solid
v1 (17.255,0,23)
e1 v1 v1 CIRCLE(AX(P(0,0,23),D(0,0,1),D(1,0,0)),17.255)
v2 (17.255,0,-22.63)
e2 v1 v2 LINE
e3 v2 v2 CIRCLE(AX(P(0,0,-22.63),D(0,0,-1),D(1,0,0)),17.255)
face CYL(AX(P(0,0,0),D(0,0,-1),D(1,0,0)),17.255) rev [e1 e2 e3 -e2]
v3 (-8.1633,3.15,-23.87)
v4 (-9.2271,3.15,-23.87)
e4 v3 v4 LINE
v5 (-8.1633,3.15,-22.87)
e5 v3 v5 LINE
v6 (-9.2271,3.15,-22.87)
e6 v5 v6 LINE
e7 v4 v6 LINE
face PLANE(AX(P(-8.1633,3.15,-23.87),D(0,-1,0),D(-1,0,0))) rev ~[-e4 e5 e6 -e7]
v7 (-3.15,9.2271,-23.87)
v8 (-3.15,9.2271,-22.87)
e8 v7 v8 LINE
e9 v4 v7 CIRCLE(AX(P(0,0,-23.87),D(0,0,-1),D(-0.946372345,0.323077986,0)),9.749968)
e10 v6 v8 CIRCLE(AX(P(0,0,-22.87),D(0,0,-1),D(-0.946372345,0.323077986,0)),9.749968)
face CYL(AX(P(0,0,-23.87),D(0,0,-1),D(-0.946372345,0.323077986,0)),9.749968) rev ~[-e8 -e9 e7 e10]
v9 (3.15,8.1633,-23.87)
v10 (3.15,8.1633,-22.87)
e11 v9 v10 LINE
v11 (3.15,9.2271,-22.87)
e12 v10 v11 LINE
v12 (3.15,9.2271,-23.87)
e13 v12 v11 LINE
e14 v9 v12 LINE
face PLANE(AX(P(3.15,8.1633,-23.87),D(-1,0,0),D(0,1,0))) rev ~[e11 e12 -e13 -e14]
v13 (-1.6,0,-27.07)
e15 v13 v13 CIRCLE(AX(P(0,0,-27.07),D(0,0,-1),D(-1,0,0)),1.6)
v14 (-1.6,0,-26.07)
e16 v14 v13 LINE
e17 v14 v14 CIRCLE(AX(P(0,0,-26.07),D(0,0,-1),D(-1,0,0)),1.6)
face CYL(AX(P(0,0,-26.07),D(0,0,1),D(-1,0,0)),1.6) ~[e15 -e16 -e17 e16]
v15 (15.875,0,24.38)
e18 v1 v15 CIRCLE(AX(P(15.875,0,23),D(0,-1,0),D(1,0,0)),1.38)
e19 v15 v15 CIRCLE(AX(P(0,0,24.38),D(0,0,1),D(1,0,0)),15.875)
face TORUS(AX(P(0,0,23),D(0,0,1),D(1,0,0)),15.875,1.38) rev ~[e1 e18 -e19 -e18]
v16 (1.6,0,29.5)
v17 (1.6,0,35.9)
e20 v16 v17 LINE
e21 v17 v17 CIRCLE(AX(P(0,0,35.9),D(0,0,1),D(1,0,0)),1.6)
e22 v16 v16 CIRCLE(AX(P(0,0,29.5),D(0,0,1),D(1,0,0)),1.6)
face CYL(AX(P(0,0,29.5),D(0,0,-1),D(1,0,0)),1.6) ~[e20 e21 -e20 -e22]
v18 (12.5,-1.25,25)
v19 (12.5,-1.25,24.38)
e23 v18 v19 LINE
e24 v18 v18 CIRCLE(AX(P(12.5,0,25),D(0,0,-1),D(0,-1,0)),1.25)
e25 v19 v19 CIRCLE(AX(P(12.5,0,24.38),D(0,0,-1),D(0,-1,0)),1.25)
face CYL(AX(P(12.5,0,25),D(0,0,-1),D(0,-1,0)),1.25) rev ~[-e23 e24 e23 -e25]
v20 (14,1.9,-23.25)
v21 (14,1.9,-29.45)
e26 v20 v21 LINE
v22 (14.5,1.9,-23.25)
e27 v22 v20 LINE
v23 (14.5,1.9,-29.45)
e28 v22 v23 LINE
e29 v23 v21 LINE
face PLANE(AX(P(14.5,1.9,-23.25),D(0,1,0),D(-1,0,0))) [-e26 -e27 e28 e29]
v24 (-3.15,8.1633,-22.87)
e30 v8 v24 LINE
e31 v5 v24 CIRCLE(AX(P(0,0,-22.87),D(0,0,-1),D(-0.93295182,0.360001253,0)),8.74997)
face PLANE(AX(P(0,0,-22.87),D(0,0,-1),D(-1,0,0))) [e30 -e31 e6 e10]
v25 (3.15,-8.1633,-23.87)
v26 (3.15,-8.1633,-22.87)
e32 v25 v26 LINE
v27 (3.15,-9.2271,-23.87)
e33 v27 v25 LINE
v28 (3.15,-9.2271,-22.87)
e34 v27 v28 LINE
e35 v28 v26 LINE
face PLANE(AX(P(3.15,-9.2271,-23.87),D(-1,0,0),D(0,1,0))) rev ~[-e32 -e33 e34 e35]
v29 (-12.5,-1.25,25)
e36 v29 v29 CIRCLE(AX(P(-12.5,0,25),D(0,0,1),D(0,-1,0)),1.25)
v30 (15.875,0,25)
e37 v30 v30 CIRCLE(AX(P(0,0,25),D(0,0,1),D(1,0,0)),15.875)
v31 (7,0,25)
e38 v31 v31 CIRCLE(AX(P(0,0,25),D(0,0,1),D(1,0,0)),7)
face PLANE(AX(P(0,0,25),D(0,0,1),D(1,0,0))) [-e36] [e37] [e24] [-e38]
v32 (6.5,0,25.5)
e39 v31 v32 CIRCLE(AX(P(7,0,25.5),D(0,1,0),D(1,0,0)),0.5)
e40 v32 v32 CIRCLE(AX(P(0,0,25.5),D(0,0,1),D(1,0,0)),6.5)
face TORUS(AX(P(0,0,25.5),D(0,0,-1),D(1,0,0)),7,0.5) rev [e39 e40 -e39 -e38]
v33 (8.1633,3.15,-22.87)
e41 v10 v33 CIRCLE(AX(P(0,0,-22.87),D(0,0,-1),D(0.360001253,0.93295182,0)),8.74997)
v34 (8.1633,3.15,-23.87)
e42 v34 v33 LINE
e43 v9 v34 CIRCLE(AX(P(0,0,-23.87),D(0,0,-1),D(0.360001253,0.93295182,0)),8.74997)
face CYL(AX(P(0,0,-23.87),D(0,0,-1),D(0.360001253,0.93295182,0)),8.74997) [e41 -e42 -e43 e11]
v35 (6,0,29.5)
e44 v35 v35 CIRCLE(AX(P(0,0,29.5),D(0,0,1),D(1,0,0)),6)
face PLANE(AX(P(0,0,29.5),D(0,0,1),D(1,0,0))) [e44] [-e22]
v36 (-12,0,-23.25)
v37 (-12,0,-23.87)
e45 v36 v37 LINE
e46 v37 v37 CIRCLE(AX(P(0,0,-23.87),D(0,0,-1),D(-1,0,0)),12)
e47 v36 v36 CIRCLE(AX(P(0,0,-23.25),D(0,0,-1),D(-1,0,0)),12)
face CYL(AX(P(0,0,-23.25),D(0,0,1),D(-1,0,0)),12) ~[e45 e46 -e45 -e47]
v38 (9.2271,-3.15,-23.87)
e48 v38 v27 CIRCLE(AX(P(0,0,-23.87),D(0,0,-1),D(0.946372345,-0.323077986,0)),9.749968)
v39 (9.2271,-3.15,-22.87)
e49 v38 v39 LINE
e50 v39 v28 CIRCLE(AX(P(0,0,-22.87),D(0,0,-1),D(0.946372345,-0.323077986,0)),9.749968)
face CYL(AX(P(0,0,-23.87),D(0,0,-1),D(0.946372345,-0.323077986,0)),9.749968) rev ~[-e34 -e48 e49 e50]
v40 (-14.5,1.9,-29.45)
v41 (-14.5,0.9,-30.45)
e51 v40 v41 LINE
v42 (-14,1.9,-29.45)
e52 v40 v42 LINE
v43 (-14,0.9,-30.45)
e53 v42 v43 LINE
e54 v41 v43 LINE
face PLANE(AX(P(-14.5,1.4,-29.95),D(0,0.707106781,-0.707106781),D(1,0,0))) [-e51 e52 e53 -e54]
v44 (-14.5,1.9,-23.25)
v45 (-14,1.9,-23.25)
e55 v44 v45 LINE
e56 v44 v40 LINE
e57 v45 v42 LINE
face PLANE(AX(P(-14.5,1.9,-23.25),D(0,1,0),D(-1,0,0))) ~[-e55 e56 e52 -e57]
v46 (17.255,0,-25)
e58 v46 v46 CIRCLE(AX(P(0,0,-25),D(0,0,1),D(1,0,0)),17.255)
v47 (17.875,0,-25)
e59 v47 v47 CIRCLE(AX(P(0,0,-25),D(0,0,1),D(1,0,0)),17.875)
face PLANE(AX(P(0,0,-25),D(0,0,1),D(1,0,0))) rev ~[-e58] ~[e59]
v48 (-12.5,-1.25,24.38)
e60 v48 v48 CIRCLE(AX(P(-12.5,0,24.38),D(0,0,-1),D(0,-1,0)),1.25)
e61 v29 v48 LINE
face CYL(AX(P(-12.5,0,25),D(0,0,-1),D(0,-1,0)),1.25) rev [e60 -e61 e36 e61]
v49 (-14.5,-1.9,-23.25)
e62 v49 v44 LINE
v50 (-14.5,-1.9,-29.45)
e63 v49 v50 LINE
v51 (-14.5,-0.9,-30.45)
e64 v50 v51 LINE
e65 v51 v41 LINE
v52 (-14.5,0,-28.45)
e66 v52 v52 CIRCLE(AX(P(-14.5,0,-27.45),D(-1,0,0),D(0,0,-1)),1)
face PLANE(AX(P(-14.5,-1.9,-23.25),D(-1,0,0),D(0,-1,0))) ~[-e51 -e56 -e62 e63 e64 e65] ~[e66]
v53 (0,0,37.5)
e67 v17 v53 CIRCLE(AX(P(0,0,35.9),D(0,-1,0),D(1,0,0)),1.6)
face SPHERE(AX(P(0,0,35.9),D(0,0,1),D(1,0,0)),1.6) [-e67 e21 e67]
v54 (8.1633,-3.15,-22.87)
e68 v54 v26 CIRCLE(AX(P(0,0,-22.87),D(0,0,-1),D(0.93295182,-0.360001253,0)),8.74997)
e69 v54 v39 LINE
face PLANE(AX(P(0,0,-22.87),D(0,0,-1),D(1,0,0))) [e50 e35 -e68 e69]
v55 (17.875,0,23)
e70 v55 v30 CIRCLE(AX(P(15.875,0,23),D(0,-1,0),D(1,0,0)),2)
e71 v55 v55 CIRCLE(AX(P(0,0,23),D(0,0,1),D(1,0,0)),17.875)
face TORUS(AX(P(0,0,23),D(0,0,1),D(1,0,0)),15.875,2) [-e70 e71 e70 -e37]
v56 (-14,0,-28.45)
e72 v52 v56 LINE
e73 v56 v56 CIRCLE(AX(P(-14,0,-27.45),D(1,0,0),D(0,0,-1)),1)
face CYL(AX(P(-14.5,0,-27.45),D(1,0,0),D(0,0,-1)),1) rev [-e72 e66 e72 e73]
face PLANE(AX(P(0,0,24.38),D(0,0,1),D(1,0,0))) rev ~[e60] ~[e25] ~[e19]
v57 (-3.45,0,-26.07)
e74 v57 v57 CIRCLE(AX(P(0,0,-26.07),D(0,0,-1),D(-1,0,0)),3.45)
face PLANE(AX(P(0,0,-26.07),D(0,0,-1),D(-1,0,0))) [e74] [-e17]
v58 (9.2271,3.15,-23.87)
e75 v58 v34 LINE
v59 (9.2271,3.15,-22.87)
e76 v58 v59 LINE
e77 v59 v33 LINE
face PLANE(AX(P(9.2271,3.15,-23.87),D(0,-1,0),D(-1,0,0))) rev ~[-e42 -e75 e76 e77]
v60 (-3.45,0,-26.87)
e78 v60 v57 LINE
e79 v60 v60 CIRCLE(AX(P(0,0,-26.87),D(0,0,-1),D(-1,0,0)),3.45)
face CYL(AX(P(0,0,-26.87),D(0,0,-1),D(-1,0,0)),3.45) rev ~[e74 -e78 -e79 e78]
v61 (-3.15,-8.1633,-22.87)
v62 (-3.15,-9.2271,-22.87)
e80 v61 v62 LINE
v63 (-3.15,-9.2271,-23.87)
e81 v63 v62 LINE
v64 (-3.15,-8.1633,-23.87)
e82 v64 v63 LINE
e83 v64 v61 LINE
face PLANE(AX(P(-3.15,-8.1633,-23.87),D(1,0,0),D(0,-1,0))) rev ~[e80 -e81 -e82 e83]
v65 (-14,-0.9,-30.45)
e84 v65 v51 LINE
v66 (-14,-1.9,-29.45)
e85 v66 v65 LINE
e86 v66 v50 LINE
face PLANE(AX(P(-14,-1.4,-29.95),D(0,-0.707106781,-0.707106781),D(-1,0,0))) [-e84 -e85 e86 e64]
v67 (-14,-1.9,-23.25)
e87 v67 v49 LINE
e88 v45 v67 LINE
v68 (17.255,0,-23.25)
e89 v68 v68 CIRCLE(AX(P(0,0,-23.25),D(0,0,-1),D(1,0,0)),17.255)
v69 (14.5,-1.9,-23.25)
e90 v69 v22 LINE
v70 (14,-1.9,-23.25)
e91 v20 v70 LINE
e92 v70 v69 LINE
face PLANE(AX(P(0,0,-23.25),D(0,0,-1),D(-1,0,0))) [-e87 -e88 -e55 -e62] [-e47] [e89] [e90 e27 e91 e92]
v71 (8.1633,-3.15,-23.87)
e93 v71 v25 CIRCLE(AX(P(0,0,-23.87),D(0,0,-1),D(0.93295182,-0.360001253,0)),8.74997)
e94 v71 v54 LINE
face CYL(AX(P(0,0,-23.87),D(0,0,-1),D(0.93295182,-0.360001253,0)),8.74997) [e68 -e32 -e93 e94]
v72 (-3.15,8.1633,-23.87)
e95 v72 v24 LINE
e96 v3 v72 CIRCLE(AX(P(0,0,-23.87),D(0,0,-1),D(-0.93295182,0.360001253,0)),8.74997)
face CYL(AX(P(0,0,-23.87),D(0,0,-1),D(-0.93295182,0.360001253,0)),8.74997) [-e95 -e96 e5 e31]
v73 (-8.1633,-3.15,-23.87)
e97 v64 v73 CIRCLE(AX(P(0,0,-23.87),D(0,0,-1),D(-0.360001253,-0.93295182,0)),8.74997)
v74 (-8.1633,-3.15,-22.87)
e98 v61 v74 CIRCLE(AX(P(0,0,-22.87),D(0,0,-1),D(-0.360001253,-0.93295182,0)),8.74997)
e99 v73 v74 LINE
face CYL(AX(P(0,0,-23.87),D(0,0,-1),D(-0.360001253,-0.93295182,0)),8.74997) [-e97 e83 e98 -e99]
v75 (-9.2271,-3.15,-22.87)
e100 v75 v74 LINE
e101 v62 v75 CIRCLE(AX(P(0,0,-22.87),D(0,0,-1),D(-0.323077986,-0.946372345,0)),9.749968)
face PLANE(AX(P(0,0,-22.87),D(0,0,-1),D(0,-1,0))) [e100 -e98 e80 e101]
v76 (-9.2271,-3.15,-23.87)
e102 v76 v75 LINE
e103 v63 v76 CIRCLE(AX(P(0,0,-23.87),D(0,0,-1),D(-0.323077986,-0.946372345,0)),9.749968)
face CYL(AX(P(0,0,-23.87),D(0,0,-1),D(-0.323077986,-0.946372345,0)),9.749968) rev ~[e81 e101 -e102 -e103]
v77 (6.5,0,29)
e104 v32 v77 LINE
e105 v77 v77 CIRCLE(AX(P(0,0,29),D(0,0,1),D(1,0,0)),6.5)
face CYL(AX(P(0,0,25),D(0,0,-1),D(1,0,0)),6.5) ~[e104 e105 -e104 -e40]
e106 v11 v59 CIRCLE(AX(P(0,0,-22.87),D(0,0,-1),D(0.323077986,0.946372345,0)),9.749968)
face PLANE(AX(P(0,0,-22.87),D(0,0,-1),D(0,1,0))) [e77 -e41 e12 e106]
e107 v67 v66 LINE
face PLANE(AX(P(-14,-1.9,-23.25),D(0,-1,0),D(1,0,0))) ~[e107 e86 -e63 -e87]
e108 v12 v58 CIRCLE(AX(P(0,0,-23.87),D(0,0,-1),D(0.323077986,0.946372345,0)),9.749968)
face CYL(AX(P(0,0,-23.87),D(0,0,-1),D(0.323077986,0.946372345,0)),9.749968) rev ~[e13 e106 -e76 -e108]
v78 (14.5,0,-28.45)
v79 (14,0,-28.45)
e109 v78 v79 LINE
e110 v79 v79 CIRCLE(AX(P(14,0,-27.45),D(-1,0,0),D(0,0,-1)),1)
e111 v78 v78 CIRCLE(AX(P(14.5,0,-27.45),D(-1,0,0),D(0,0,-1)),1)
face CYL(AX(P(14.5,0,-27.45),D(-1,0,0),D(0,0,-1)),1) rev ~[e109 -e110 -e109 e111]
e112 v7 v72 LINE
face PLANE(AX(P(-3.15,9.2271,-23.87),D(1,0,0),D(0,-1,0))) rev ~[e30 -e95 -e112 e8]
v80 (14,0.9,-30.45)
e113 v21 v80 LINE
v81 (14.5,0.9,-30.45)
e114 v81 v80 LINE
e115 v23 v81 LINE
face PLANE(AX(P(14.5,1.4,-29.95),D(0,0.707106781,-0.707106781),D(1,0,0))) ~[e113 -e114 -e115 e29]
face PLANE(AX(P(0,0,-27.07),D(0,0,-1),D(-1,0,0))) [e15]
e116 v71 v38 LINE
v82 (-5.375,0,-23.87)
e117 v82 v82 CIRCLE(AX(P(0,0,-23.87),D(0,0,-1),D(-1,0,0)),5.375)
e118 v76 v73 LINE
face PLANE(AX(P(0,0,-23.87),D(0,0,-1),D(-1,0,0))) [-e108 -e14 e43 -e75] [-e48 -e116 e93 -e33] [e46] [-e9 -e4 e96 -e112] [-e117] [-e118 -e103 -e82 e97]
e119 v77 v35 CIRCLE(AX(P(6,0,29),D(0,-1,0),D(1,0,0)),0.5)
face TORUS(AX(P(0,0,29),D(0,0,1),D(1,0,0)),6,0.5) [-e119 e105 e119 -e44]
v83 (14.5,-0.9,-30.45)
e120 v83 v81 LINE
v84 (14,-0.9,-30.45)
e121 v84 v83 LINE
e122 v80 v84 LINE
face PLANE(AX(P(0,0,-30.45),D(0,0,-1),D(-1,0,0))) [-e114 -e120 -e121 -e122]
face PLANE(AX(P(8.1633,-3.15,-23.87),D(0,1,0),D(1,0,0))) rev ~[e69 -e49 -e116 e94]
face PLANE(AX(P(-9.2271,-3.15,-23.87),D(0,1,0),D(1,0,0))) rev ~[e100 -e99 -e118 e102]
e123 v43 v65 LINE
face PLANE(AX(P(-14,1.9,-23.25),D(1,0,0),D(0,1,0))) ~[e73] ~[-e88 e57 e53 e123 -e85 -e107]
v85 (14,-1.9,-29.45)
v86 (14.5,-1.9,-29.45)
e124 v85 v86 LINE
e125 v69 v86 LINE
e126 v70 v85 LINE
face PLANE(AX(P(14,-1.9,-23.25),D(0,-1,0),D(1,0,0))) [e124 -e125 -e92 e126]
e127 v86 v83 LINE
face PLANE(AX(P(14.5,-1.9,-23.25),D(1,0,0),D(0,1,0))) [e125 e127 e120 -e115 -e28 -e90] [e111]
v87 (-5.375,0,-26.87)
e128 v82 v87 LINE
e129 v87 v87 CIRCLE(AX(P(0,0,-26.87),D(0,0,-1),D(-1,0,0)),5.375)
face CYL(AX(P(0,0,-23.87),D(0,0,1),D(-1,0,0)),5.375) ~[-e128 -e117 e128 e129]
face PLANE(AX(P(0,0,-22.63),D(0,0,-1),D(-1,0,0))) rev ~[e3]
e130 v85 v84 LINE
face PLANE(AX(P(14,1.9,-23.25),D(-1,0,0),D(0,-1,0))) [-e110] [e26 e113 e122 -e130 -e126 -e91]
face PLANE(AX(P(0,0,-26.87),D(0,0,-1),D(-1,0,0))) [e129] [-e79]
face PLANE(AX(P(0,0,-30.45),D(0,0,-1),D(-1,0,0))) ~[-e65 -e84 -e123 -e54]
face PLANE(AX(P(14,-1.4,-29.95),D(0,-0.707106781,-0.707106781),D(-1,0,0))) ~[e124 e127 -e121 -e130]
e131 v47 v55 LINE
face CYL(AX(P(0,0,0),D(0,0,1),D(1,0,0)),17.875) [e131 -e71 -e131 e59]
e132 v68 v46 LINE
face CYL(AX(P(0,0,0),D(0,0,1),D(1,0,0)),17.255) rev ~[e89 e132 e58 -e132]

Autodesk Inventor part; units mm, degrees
ref_plane "YZ Plane" through (0, 0, 0) normal (1, 0, 0) x (0, 1, 0)
ref_plane "XZ Plane" through (0, 0, 0) normal (0, 1, 0) x (-1, 0, 0)
sketch "Sketch1" plane through (0, 0, 0) normal (0, 0, 1) x (1, 0, 0)
  circle A0 centre (0, 0) radius 17.875
  dimension "d0" = 35.75
extrude "Extrusion1" add sketch "Sketch1" along normal mid plane 50
fillet "Fillet1" radius 2 1 edges at (-17.875, 0, 25)
shell "Shell1" thickness 0.62 removed faces 1 at (2.0594, 0.4734, -25)
sketch "Sketch2" plane through (0, 0, 25) normal (0, 0, 1) x (1, 0, 0)
  circle A0 centre (0, 0) radius 15.875 projected
  circle A1 centre (0, 0) radius 6.5
  dimension "d5" = 13
extrude "Extrusion2" add sketch "Sketch2" along normal blind 4.5 contours A1
fillet "Fillet2" radius 0.5 2 edges at (-6.5, 0, 25) (-6.5, 0, 29.5)
sketch "Sketch3" plane through (0, 0, 29.5) normal (0, 0, 1) x (1, 0, 0)
  circle A0 centre (0, 0) radius 6 projected
  circle A1 centre (0, 0) radius 1.6
  dimension "d9" = 3.2
extrude "Extrusion3" add sketch "Sketch3" along normal blind 8 contours A1
fillet "Fillet3" radius 1.6 1 edges at (-1.6, 0, 37.5)
sketch "Sketch4" plane through (0, 0, 25) normal (0, 0, 1) x (1, 0, 0)
  circle A0 centre (0, 0) radius 15.875 projected
  point P0 (12.5, 0)
  dimension "d13" = 12.5
hole "Hole1" at (12.5, 0, 25) direction (0, 0, -1) diameter 2.5 depth 8 tip angle 118
mirror "Mirror1" about plane through (0, 0, 0) normal (1, 0, 0) of "Hole1"
ref_plane "Work Plane1" through (0, 0, -23.25) normal (0, 0, -1) x (-1, 0, 0)
sketch "Sketch6" plane through (0, 0, -23.25) normal (0, 0, -1) x (-1, 0, 0)
  circle A0 centre (0, 0) radius 17.255 projected
extrude "Extrusion5" add sketch "Sketch6" against normal blind 0.62
sketch "Sketch7" plane through (0, 0, -23.25) normal (0, 0, -1) x (-1, 0, 0)
  circle A0 centre (0, 0) radius 17.255 projected
  circle A1 centre (0, 0) radius 12
  dimension "d33" = 24
extrude "Extrusion6" add sketch "Sketch7" along normal blind 0.62 contours A1
sketch "Sketch8" plane through (0, 0, -23.87) normal (0, 0, -1) x (-1, 0, 0)
  circle A0 centre (0, 0) radius 12 projected
  circle A1 centre (0, 0) radius 5.375
  dimension "d36" = 10.75
extrude "Extrusion7" add sketch "Sketch8" along normal blind 3 contours A1
sketch "Sketch9" plane through (0, 0, -26.87) normal (0, 0, -1) x (-1, 0, 0)
  circle A0 centre (0, 0) radius 5.375 projected
  circle A1 centre (0, 0) radius 3.45
  dimension "d39" = 6.9
extrude "Extrusion8" cut sketch "Sketch9" against normal blind 0.8 contours A1
sketch "Sketch10" plane through (0, 0, -26.07) normal (0, 0, -1) x (-1, 0, 0)
  circle A0 centre (0, 0) radius 3.45 projected
  circle A1 centre (0, 0) radius 1.6
  dimension "d42" = 3.2
extrude "Extrusion9" add sketch "Sketch10" along normal blind 1 contours A1
sketch "Sketch11" plane through (0, 0, -23.87) normal (0, 0, -1) x (-1, 0, 0)
  circle A0 centre (0, 0) radius 5.375 projected
  circle A1 centre (0, 0) radius 12 projected
  arc A2 (9.2271, 3.15) -> (3.15, 9.2271) centre (0, 0) ccw
  arc A3 (8.1633, 3.15) -> (3.15, 8.1633) centre (0, 0) ccw
  line L0 (3.15, 9.2271) -> (3.15, 8.1633)
  line L1 (8.1633, 3.15) -> (9.2271, 3.15)
  dimension "d45" = 3.15
  dimension "d46" = 3.15
  dimension "d47" = 9.75
  dimension "d48" = 8.75
extrude "Extrusion10" cut sketch "Sketch11" against normal blind 1 contours L1 A3 L0 A2
pattern_circular "Circular Pattern2" count 4 over 360 about axis through (0, 0, 0) along (0, 0, 1) of "Extrusion10"
sketch "Sketch12" plane through (0, 0, -23.25) normal (0, 0, -1) x (-1, 0, 0)
  circle A0 centre (0, 0) radius 12 projected
  circle A1 centre (0, 0) radius 17.255 projected
  line L0 (-14.5, 1.9) -> (-14, 1.9)
  line L1 (-14, 1.9) -> (-14, -1.9)
  line L2 (-14, -1.9) -> (-14.5, -1.9)
  line L3 (-14.5, -1.9) -> (-14.5, 1.9)
  line L4 (0, 0) -> (-16.9017, 0) construction
  point P0 (-14, 0)
  dimension "d54" = 0.5
  dimension "d55" = 3.8
  dimension "d56" = 14
extrude "Extrusion11" add sketch "Sketch12" along normal blind 7.2 contours L0 L1 L2 L3
chamfer "Chamfer1" distance 1 angle 45 2 edges at (14.25, 1.9, -30.45) (14.25, -1.9, -30.45)
sketch "Sketch13" plane through (14.5, -1.9, -23.25) normal (1, 0, 0) x (0, 0, -1)
  line L0 (7.2, 1) -> (7.2, 2.8) projected
  line L1 (4.2, 1.9) -> (6.2, 3.8) construction
  line L2 (4.2, 1.9) -> (6.2, 0) construction
  dimension "d61" = 3
hole "Hole2" at (14.5, 0, -27.45) direction (-1, 0, 0) diameter 2 depth 1 tip angle 118
mirror "Mirror2" about plane through (0, 0, 0) normal (1, 0, 0) of "Extrusion11", "Chamfer1", "Hole2"
properties part number "RS550 MabuchiMotor" material "Steel, Mild"
